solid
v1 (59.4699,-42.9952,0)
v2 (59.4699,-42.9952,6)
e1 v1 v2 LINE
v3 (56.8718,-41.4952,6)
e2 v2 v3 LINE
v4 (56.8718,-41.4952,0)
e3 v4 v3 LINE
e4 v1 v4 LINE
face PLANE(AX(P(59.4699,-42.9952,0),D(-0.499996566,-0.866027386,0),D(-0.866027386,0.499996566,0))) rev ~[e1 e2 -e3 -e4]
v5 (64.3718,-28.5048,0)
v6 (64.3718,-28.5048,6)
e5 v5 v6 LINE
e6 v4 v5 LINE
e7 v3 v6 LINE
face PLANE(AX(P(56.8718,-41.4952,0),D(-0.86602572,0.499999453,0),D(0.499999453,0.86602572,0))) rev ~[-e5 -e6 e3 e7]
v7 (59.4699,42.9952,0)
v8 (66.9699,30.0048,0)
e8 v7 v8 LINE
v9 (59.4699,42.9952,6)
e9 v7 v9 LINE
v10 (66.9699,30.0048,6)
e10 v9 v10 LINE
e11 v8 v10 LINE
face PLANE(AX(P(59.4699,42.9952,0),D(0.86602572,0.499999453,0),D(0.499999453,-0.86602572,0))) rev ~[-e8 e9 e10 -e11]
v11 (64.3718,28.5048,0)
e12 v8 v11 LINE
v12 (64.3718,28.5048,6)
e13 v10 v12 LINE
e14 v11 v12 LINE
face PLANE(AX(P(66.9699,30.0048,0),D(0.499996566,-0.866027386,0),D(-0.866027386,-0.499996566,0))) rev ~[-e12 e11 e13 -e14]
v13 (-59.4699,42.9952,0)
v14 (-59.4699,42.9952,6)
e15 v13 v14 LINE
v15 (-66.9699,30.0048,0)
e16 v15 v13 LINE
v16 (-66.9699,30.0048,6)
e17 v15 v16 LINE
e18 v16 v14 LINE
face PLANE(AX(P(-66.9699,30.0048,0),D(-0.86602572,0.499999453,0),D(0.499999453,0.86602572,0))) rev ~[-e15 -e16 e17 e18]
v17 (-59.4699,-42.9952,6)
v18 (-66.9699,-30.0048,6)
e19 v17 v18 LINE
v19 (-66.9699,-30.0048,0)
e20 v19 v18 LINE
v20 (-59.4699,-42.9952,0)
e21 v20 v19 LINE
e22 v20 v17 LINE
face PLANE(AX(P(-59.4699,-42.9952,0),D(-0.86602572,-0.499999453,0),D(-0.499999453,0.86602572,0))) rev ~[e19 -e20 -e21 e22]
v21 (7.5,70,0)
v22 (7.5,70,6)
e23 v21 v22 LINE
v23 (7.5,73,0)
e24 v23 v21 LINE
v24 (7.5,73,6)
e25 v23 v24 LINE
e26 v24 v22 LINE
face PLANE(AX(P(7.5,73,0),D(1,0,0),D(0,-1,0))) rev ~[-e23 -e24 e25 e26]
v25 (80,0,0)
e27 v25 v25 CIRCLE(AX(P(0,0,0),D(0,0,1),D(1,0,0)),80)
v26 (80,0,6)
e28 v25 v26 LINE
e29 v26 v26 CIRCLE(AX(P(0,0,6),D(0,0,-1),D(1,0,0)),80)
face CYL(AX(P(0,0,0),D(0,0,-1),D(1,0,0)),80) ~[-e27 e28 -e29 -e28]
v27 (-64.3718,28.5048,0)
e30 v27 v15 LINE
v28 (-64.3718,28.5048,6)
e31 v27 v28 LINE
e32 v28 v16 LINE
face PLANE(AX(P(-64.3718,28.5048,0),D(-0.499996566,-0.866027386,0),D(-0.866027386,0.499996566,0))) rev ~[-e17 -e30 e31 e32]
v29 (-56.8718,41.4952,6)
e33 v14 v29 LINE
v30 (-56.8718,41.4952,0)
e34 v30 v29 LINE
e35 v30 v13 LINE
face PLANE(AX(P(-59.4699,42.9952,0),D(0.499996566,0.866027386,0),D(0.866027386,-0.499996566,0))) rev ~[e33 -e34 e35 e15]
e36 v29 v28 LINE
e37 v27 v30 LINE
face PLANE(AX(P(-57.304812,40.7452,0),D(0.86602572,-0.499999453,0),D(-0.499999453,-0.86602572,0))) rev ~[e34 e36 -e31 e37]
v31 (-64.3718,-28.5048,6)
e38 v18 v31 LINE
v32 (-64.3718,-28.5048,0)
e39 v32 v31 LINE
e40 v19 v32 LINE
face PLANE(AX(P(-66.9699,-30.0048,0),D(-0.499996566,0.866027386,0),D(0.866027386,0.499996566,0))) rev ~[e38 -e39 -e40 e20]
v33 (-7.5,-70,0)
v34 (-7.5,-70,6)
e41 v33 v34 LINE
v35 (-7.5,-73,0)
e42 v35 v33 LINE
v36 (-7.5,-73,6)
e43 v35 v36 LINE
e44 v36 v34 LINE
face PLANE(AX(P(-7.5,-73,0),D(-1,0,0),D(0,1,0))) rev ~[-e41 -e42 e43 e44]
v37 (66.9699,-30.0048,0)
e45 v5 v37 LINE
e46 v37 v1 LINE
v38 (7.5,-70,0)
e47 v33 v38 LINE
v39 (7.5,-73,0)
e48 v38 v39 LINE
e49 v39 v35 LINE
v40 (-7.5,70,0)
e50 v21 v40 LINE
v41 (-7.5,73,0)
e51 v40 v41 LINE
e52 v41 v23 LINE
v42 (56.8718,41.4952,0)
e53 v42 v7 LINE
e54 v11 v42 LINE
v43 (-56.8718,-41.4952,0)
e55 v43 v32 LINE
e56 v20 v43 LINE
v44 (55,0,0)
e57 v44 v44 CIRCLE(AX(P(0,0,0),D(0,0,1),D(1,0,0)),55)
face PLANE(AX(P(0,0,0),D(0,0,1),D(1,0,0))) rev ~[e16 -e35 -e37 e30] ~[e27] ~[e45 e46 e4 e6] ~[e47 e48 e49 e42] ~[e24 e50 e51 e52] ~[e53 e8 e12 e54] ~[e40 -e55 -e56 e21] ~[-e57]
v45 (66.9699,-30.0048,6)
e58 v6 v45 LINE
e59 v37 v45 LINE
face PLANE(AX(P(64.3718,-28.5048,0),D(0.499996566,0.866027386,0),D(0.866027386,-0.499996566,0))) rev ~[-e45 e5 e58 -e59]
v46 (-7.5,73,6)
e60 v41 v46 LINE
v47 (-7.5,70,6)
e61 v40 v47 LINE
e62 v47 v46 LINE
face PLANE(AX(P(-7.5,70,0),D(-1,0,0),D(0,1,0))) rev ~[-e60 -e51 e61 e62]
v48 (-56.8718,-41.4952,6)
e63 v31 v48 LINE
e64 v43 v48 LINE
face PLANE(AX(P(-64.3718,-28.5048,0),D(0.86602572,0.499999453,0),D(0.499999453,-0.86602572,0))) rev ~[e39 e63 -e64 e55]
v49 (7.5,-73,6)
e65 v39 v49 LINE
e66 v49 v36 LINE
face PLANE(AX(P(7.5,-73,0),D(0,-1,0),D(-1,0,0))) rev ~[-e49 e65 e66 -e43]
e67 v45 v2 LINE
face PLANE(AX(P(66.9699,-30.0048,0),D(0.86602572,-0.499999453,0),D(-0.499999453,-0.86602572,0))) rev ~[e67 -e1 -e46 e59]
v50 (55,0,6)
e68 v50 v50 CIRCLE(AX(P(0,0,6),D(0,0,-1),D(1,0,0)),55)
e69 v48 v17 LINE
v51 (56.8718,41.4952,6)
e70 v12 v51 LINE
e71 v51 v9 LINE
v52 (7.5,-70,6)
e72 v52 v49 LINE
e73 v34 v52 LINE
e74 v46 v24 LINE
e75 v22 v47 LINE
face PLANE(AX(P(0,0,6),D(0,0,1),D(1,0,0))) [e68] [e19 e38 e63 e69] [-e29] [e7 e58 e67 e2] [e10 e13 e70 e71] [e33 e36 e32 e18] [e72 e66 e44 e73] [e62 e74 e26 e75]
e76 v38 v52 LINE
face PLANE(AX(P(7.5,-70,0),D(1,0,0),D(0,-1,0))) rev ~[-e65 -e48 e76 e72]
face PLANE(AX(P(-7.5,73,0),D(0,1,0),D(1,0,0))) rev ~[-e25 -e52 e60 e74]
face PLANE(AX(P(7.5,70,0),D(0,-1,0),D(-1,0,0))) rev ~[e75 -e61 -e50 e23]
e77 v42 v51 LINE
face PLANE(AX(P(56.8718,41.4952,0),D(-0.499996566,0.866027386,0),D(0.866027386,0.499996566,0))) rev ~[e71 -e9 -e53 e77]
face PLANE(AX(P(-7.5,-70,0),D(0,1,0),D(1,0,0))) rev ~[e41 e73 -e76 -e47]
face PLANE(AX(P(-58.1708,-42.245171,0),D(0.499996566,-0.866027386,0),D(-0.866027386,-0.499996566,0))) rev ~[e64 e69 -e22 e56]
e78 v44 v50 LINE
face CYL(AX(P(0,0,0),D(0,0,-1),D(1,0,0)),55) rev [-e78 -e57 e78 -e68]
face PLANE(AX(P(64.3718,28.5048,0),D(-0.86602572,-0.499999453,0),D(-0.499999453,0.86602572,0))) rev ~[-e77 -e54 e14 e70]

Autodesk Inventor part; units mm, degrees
ref_plane "YZ Plane" through (0, 0, 0) normal (1, 0, 0) x (0, 1, 0)
ref_plane "XZ Plane" through (0, 0, 0) normal (0, 1, 0) x (-1, 0, 0)
ref_plane "XY Plane" through (0, 0, 0) normal (0, 0, 1) x (1, 0, 0)
sketch "Sketch1" plane through (0, 0, 0) normal (0, 0, 1) x (1, 0, 0)
  circle A0 centre (0, 0) radius 80
  circle A1 centre (0, 0) radius 55
  line L0 (-7.5, 73) -> (7.5, 73)
  line L1 (7.5, 73) -> (7.5, 70)
  line L2 (7.5, 70) -> (-7.5, 70)
  line L3 (-7.5, 70) -> (-7.5, 73)
  line L4 (-66.9699, 30.0048) -> (-59.4699, 42.9952)
  line L5 (-59.4699, 42.9952) -> (-56.8718, 41.4952)
  line L6 (-56.8718, 41.4952) -> (-64.3718, 28.5048)
  line L7 (-64.3718, 28.5048) -> (-66.9699, 30.0048)
  line L8 (-59.4699, -42.9952) -> (-66.9699, -30.0048)
  line L9 (-66.9699, -30.0048) -> (-64.3718, -28.5048)
  line L10 (-64.3718, -28.5048) -> (-56.8718, -41.4952)
  line L11 (-56.8718, -41.4952) -> (-59.4699, -42.9952)
  line L12 (7.5, -73) -> (-7.5, -73)
  line L13 (-7.5, -73) -> (-7.5, -70)
  line L14 (-7.5, -70) -> (7.5, -70)
  line L15 (7.5, -70) -> (7.5, -73)
  line L16 (66.9699, -30.0048) -> (59.4699, -42.9952)
  line L17 (59.4699, -42.9952) -> (56.8718, -41.4952)
  line L18 (56.8718, -41.4952) -> (64.3718, -28.5048)
  line L19 (64.3718, -28.5048) -> (66.9699, -30.0048)
  line L20 (59.4699, 42.9952) -> (66.9699, 30.0048)
  line L21 (66.9699, 30.0048) -> (64.3718, 28.5048)
  line L22 (64.3718, 28.5048) -> (56.8718, 41.4952)
  line L23 (56.8718, 41.4952) -> (59.4699, 42.9952)
  line L24 (-58.1708, 43.7452) -> (-43.1708, 43.7452)
  line L25 (-43.1708, 43.7452) -> (-43.1708, 40.7452)
  line L26 (-43.1708, 40.7452) -> (-58.1708, 40.7452)
  line L27 (-58.1708, 40.7452) -> (-58.1708, 43.7452)
  line L28 (-58.1708, -40.7452) -> (-43.1708, -40.7452)
  line L29 (-43.1708, -40.7452) -> (-43.1708, -43.7452)
  line L30 (-43.1708, -43.7452) -> (-58.1708, -43.7452)
  line L31 (-58.1708, -43.7452) -> (-58.1708, -40.7452)
  line L32 (0, 20) -> (-100, 20)
  line L33 (-100, 20) -> (-100, -20)
  line L34 (-100, -20) -> (0, -20)
  line L35 (0, -20) -> (0, 20)
  point P0 (0, 73)
  point P1 (7.5, 71.5)
  point P2 (0, 70)
  point P3 (-63.2199, 36.5)
  point P4 (-58.1708, 42.2452)
  point P5 (-60.6218, 35)
  point P6 (-63.2199, -36.5)
  point P7 (-65.6708, -29.2548)
  point P8 (-60.6218, -35)
  point P9 (0, -73)
  point P10 (-7.5, -71.5)
  point P11 (0, -70)
  point P12 (63.2199, -36.5)
  point P13 (58.1708, -42.2452)
  point P14 (60.6218, -35)
  point P15 (63.2199, 36.5)
  point P16 (65.6708, 29.2548)
  point P17 (60.6218, 35)
  point P18 (-58.1708, 42.2452)
  point P19 (-58.1708, -42.2452)
  point P20 (-51.2348, -20)
  point P21 (-77.4597, -20)
  point P22 (-77.4597, 20)
  point P23 (-51.2348, 20)
  dimension "d0" = 160
  dimension "d1" = 110
  dimension "d2" = 15
  dimension "d3" = 3
  dimension "d11" = 70
  dimension "d14" = 360
  dimension "d18" = 15
  dimension "d19" = 3
  dimension "d20" = 15
  dimension "d21" = 3
  dimension "d22" = 40
  dimension "d23" = 100
extrude "Extrusion2" add sketch "Sketch1" along normal blind 6 contours A0 L34 A1 L32 | L32 A1 L34 A0 | L27 L24 L25 L26 L6 L5 | L11 L10 L28 L29 L30 L31
properties part number "back_cir_hold_2"
